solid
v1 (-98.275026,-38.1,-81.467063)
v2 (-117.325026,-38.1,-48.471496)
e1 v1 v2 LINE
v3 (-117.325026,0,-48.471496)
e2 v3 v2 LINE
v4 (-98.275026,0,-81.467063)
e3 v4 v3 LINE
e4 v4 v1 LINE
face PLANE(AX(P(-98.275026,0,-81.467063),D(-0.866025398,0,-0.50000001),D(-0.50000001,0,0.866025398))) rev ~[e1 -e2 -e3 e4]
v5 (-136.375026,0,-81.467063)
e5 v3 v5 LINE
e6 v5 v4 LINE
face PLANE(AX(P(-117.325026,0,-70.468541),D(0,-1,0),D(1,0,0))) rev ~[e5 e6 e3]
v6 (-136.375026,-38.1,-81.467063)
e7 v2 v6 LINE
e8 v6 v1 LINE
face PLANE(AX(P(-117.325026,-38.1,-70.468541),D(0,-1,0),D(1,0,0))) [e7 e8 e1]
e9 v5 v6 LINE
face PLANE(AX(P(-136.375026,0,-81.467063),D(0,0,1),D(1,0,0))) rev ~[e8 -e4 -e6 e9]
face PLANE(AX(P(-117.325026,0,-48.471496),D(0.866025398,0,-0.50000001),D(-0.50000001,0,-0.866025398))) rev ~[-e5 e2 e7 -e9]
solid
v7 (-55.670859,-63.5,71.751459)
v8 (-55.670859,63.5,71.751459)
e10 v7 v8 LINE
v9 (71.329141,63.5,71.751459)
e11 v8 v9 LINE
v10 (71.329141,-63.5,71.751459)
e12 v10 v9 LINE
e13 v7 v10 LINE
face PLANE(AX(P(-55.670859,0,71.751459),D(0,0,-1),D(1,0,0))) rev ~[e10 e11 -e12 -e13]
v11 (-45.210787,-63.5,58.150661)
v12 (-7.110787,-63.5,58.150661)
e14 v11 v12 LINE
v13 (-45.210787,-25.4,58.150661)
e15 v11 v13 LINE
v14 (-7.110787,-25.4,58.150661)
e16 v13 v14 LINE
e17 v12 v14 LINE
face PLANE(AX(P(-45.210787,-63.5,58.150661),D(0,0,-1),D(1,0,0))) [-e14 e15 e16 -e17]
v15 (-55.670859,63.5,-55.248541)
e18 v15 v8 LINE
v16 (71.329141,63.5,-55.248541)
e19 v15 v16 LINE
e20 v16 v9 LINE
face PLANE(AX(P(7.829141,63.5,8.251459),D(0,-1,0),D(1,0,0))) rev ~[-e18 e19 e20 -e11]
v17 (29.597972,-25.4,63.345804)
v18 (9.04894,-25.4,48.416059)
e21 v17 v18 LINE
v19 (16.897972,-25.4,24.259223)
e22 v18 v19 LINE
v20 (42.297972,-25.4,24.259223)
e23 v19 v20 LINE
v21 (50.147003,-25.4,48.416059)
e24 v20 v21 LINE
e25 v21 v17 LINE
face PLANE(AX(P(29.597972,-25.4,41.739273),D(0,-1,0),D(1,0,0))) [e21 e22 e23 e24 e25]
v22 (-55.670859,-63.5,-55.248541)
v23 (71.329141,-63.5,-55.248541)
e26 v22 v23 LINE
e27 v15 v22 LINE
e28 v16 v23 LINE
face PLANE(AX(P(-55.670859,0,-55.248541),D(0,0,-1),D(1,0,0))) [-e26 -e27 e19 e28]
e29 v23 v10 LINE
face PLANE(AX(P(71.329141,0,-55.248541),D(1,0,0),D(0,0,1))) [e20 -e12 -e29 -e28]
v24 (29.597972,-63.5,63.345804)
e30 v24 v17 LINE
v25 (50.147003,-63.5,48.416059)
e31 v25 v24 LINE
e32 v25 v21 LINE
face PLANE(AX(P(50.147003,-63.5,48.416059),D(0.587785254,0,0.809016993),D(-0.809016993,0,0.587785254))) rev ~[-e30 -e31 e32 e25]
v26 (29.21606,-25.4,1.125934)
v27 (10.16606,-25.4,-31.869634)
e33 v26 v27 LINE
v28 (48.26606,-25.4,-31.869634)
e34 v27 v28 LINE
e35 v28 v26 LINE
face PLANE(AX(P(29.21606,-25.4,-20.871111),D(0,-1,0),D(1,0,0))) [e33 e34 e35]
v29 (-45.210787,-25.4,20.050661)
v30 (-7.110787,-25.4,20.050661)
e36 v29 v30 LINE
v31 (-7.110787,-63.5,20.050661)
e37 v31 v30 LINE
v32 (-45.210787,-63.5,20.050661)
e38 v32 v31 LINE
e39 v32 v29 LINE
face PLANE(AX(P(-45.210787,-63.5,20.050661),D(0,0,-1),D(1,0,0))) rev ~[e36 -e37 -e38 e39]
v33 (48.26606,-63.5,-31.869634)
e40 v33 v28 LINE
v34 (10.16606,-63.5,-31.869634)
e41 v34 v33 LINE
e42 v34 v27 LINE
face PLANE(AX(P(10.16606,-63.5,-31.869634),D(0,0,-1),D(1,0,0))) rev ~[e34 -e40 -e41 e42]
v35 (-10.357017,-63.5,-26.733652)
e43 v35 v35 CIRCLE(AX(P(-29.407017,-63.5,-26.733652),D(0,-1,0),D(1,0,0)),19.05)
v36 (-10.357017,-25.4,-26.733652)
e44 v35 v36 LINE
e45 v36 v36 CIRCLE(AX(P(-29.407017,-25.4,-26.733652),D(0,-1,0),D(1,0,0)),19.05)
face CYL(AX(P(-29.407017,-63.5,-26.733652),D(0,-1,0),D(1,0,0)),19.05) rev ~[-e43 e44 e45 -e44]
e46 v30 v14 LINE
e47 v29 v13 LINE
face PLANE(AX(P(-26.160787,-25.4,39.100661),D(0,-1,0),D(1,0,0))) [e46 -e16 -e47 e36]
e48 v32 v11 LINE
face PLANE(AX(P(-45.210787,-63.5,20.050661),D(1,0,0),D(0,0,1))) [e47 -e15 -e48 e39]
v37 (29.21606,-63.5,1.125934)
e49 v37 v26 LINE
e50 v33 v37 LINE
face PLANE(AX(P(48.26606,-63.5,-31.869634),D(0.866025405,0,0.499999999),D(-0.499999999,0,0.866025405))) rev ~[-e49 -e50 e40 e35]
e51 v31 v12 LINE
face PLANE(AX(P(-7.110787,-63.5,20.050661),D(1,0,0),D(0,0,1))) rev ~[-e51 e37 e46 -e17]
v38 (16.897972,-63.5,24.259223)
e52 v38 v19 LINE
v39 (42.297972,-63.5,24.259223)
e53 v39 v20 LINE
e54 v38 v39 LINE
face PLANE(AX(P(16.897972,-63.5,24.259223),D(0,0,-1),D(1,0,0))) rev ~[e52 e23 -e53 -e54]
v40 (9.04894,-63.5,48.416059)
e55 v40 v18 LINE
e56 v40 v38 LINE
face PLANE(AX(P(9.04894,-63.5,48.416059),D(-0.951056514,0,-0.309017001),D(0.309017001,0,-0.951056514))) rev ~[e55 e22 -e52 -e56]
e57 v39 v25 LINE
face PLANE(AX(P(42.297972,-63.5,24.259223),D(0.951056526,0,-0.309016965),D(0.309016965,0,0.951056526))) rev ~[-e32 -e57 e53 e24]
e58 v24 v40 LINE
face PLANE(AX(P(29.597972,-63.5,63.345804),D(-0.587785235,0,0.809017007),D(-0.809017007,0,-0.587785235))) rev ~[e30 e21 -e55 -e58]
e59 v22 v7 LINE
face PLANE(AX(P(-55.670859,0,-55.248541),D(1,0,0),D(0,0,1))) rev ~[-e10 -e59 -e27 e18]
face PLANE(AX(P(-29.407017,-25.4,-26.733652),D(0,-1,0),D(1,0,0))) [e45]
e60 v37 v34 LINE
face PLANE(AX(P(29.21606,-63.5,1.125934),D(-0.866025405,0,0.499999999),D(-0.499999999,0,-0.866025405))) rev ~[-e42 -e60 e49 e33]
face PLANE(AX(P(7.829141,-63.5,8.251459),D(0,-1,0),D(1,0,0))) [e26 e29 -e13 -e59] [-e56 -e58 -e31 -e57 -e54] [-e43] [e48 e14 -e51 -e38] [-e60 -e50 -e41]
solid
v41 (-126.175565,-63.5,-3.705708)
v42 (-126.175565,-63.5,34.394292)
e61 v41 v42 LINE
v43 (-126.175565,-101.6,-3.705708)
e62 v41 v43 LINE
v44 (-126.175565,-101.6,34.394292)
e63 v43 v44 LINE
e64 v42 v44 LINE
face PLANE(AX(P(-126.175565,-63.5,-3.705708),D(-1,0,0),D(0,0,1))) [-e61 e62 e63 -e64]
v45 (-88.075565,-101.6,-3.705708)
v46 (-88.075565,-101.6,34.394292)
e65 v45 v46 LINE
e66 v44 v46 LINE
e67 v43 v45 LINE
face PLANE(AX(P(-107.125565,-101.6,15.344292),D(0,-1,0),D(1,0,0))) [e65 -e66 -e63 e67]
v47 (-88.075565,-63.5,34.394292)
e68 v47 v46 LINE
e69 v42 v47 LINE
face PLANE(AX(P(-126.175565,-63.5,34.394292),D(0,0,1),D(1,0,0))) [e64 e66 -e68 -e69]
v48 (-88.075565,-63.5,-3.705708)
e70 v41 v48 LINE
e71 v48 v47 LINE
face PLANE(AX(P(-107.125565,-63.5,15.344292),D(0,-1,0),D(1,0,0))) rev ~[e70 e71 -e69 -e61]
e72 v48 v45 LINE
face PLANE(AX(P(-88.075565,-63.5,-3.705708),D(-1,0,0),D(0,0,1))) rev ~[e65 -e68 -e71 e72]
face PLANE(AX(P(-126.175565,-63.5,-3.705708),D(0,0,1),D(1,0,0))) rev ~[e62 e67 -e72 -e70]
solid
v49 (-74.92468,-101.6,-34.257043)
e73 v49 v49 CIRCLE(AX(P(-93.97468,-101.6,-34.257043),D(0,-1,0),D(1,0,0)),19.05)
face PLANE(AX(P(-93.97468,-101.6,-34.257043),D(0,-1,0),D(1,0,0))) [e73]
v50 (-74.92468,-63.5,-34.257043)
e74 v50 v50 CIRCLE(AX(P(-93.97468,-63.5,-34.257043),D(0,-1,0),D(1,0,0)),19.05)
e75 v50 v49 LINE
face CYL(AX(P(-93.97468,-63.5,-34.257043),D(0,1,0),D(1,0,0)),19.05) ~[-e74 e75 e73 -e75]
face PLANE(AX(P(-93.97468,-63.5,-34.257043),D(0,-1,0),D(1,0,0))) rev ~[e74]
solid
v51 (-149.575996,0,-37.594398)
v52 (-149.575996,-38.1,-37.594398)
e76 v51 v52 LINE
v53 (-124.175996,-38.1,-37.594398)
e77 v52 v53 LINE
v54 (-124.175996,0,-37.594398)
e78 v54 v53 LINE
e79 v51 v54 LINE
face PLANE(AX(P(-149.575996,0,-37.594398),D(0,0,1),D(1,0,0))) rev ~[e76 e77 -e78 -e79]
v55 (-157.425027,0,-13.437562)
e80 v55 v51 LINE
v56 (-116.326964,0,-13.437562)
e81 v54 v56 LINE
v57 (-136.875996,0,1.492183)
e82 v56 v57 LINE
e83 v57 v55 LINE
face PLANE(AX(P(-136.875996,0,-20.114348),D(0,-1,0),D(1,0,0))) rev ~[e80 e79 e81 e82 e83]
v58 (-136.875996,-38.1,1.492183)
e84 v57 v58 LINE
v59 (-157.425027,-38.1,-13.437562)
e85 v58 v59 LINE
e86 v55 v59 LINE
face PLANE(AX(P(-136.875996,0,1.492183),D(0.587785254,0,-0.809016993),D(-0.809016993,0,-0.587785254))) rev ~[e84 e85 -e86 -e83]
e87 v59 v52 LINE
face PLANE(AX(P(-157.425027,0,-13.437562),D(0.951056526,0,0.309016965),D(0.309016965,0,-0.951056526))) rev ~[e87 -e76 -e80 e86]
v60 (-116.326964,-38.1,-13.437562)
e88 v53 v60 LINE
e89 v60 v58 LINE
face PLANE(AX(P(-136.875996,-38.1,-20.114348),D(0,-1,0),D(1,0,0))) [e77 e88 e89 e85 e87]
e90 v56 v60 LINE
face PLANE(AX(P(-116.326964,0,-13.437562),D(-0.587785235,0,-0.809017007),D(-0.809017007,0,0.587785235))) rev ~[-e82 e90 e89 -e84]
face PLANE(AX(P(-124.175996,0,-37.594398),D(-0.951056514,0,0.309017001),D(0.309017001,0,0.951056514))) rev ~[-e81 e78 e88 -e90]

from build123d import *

# Parameters (mm, degrees)
F0_W      = 127
F0_H      = 127
F1_DEPTH  = 63.5
F2_W      = 38.1
F2_H      = 38.1
F3_DEPTH  = 38.1
F5_DEPTH  = 38.1
F7_DEPTH  = 38.1
F8_R      = 19.05
F9_DEPTH  = 38.1
F10_W     = 38.1
F10_H     = 38.1
F11_DEPTH = 38.1
F13_DEPTH = 38.1
F15_DEPTH = 38.1
F16_R     = 19.05
F17_DEPTH = 38.1


with BuildPart() as f1:
    # F0 (on Front) → F1 (new body, symmetric)
    with BuildSketch(Plane.XZ):
        with Locations((7.829141, 8.251459)):
            Rectangle(F0_W, F0_H)
    extrude(amount=F1_DEPTH, both=True)

    # F2 (on face) → F3 (cut)
    with BuildSketch(Plane.XZ.offset(63.5)):
        with Locations((-26.160787, 39.100661)):
            Rectangle(F2_W, F2_H)
    extrude(amount=-F3_DEPTH, mode=Mode.SUBTRACT)

    # F4 (on face) → F5 (cut)
    with BuildSketch(Plane.XZ.offset(63.5)):
        Polygon((16.897972, 24.259223), (42.297972, 24.259223), (50.147003, 48.416059), (29.597972, 63.345804), (9.04894, 48.416059), align=None)
    extrude(amount=-F5_DEPTH, mode=Mode.SUBTRACT)

    # F6 (on face) → F7 (cut)
    with BuildSketch(Plane.XZ.offset(63.5)):
        Polygon((10.16606, -31.869634), (48.26606, -31.869634), (29.21606, 1.125934), align=None)
    extrude(amount=-F7_DEPTH, mode=Mode.SUBTRACT)

    # F8 (on face) → F9 (cut)
    with BuildSketch(Plane.XZ.offset(63.5)):
        with Locations((-29.407017, -26.733652)):
            Circle(F8_R)
    extrude(amount=-F9_DEPTH, mode=Mode.SUBTRACT)


with BuildPart() as f11:
    # F10 (on face) → F11 (new body)
    with BuildSketch(Plane.XZ.offset(63.5)):
        with Locations((-107.125565, 15.344292)):
            Rectangle(F10_W, F10_H)
    extrude(amount=F11_DEPTH)


with BuildPart() as f13:
    # F12 (on Front) → F13 (new body)
    with BuildSketch(Plane.XZ):
        Polygon((-149.575996, -37.594398), (-124.175996, -37.594398), (-116.326964, -13.437562), (-136.875996, 1.492183), (-157.425027, -13.437562), align=None)
    extrude(amount=F13_DEPTH)


with BuildPart() as f15:
    # F14 (on Front) → F15 (new body)
    with BuildSketch(Plane.XZ):
        Polygon((-117.325026, -48.471496), (-136.375026, -81.467063), (-98.275026, -81.467063), align=None)
    extrude(amount=F15_DEPTH)


with BuildPart() as f17:
    # F16 (on face) → F17 (new body)
    with BuildSketch(Plane.XZ.offset(63.5)):
        with Locations((-93.97468, -34.257043)):
            Circle(F16_R)
    extrude(amount=F17_DEPTH)


solid = Compound([f1.part, f11.part, f13.part, f15.part, f17.part])
